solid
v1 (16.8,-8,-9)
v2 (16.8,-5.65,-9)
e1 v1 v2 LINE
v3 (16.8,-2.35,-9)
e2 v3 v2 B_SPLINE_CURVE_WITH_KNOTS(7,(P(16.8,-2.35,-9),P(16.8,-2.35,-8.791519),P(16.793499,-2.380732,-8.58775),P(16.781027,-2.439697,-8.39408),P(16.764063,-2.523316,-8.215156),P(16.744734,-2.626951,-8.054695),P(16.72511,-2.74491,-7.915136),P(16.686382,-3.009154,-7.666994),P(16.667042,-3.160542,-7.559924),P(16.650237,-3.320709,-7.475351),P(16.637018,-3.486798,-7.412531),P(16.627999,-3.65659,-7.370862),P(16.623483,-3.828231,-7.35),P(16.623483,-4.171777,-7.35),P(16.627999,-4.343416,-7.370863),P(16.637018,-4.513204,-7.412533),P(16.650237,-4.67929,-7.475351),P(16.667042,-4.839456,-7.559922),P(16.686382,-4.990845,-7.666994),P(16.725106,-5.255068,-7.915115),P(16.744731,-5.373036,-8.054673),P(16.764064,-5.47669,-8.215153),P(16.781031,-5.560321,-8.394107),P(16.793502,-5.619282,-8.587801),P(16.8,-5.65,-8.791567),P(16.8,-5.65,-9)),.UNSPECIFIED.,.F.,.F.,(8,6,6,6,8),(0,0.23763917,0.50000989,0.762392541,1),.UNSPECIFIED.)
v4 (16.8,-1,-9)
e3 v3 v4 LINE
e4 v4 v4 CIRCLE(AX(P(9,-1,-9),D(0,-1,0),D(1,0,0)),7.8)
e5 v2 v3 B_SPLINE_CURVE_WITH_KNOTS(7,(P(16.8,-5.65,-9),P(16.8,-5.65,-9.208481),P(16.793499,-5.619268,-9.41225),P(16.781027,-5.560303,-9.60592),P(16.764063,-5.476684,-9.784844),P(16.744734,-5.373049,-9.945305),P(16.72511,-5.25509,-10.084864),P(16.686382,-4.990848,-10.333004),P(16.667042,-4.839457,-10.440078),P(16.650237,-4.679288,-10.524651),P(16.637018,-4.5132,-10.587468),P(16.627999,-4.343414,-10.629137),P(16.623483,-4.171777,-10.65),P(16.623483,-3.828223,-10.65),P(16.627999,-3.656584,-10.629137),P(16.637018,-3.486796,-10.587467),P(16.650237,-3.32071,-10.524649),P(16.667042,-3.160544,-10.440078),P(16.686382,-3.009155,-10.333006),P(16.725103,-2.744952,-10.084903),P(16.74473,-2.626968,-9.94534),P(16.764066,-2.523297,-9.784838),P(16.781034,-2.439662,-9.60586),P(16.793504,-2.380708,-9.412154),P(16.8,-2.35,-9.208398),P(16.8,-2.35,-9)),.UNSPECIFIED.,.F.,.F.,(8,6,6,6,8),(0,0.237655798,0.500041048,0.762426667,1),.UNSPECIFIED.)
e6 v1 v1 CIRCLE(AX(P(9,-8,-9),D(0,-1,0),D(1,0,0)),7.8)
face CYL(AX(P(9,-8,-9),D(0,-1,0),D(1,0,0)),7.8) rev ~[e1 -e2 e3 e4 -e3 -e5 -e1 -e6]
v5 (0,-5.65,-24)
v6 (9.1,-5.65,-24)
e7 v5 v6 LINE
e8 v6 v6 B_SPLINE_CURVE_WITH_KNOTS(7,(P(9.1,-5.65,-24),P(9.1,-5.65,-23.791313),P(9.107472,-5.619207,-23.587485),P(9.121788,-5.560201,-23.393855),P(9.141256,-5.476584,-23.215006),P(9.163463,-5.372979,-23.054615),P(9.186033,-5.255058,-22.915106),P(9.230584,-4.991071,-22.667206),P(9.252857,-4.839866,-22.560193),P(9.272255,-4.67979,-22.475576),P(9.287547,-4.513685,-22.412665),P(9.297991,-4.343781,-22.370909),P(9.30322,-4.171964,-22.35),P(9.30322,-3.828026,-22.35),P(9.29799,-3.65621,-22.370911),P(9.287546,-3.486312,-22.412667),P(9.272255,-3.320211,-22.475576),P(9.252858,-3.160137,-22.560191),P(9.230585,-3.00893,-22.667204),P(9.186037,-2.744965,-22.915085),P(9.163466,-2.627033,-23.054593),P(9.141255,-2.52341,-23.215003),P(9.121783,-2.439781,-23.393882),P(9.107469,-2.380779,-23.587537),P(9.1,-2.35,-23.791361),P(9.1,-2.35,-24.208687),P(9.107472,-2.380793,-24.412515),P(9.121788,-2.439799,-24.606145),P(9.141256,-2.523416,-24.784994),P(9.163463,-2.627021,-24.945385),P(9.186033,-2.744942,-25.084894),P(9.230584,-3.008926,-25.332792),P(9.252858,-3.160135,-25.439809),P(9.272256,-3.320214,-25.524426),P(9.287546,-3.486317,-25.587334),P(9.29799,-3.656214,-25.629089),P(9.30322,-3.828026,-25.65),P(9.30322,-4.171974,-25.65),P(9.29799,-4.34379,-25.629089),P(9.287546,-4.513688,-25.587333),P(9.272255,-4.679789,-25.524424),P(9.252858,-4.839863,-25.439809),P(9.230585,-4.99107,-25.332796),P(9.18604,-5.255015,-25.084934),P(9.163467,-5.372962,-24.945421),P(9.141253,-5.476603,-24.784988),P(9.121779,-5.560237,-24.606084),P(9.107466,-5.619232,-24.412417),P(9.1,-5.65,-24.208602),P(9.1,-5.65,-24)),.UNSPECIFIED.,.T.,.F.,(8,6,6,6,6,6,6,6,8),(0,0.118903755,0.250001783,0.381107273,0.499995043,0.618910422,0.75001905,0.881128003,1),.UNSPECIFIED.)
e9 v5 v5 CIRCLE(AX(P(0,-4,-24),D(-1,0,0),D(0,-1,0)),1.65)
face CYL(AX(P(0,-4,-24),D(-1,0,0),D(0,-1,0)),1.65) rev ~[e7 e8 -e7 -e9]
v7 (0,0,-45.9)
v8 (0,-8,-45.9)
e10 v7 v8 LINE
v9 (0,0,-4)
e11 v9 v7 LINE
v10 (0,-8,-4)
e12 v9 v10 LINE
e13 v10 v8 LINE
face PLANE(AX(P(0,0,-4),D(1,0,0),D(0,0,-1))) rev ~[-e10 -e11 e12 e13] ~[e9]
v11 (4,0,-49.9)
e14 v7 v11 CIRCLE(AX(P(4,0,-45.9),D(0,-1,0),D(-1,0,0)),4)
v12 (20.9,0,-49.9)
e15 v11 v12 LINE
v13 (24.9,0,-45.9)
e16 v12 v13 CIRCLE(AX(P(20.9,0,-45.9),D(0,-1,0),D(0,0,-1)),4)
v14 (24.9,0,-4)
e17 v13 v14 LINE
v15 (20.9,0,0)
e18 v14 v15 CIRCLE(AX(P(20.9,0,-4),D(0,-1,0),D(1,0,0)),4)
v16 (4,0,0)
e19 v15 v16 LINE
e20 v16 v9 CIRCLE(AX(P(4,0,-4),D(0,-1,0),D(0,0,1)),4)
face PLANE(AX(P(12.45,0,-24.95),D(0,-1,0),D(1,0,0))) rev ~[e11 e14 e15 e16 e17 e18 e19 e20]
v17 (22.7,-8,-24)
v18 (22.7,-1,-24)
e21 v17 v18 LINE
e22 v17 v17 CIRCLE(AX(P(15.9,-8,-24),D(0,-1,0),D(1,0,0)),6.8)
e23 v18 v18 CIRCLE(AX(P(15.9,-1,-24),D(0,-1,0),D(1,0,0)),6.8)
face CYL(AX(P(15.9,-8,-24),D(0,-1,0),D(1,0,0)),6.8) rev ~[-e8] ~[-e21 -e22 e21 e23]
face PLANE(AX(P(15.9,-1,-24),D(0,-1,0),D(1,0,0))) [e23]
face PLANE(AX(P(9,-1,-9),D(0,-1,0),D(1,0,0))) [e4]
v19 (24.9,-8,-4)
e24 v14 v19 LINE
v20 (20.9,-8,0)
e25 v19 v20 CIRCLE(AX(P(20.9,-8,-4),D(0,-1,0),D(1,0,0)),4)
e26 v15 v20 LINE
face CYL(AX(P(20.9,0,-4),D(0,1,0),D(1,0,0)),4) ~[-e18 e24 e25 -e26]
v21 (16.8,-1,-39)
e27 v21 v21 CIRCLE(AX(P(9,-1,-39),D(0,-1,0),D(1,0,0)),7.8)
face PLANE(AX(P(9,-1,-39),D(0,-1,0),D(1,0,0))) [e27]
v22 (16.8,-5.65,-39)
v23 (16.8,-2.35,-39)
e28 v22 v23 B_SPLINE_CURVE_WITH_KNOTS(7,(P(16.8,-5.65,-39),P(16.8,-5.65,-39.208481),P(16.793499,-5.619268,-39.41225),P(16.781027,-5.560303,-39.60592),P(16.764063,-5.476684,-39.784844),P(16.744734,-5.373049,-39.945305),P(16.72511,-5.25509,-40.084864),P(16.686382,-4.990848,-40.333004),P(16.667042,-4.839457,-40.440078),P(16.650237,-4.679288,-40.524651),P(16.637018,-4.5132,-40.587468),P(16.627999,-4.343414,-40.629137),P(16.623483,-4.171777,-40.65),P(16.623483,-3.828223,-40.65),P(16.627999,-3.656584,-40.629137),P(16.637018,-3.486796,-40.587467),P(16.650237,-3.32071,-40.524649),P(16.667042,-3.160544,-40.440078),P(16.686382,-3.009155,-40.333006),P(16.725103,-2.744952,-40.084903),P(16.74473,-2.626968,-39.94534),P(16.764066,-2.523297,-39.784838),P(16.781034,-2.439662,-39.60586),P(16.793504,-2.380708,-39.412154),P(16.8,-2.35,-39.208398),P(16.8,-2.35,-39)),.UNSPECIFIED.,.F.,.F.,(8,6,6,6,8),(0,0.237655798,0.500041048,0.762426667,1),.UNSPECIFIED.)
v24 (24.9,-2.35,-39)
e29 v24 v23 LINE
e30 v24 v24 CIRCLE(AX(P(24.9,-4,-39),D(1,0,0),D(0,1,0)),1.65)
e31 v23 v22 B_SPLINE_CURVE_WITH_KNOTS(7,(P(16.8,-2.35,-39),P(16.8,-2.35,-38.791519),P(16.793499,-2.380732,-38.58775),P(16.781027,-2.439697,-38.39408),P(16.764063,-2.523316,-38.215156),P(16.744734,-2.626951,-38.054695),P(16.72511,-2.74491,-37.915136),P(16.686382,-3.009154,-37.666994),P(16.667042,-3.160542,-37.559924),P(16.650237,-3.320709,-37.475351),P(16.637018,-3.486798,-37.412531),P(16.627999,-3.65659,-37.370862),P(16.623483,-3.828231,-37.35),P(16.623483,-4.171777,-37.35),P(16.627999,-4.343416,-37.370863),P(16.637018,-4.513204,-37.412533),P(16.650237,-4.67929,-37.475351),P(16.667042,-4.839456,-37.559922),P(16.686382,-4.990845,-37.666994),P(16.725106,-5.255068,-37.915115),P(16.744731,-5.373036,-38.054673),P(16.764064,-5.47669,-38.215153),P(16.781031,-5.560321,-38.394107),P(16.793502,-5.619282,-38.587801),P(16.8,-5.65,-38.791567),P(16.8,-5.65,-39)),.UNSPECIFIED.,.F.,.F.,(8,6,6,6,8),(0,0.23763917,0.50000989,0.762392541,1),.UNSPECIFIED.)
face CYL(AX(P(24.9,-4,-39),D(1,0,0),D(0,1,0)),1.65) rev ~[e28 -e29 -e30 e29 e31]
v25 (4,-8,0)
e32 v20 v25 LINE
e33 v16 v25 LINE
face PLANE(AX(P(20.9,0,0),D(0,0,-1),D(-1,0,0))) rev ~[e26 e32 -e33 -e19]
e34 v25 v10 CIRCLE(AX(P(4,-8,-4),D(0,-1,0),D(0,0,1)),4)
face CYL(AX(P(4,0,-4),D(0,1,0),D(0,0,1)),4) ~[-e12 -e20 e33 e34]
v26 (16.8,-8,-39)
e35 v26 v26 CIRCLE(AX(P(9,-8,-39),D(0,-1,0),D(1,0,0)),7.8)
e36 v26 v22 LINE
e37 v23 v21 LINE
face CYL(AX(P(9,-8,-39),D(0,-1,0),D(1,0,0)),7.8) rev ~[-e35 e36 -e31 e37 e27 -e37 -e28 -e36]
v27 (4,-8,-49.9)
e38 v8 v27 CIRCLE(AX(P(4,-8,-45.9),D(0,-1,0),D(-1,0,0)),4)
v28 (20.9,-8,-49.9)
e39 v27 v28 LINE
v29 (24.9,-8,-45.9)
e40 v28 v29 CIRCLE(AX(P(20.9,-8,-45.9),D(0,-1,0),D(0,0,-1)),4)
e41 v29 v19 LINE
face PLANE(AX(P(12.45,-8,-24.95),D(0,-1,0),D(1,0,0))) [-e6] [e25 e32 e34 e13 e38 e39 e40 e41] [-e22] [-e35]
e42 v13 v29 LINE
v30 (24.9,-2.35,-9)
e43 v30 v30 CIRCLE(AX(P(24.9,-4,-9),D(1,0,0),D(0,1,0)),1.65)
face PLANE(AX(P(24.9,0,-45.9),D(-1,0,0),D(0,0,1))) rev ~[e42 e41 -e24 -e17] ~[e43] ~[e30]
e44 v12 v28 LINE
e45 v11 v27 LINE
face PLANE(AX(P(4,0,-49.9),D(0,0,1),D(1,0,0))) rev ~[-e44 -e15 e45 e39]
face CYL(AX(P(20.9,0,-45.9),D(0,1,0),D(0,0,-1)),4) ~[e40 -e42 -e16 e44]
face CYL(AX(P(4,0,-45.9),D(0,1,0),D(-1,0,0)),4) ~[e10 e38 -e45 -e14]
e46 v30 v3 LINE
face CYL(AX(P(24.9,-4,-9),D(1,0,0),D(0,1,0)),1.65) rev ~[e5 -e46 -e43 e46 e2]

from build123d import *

# Parameters (mm, degrees)
F1_DEPTH = 8
F2_R     = 7.8
F2_R_2   = 6.8
F3_DEPTH = 7
F4_R     = 1.65
F5_DEPTH = 8.2775166443
F6_R     = 1.65
F7_DEPTH = 9.3042205827


with BuildPart() as f1:
    # F0 (on Front) → F1 (new body)
    with BuildSketch(Plane.XZ):
        with BuildLine():
            Line((20.9, 0), (4, 0))
            ThreePointArc((4, 0), (1.1715728753, -1.1715728753), (0, -4))
            Line((0, -4), (0, -45.9))
            ThreePointArc((0, -45.9), (1.1715728753, -48.7284271247), (4, -49.9))
            Line((4, -49.9), (20.9, -49.9))
            ThreePointArc((20.9, -49.9), (23.7284271247, -48.7284271247), (24.9, -45.9))
            Line((24.9, -45.9), (24.9, -4))
            ThreePointArc((24.9, -4), (23.7284271247, -1.1715728753), (20.9, 0))
        make_face()
    extrude(amount=F1_DEPTH)

    # F2 (on face) → F3 (cut)
    with BuildSketch(Plane.XZ.offset(8)):
        with Locations((9, -9)):
            Circle(F2_R)
        with Locations((15.9, -24)):
            Circle(F2_R_2)
        with Locations((9, -39)):
            Circle(F2_R)
    extrude(amount=-F3_DEPTH, mode=Mode.SUBTRACT)

    # F4 (on face) → F5 (cut, through all)
    with BuildSketch(Plane.YZ.offset(24.9)):
        with Locations((-4, -39)):
            Circle(F4_R)
        with Locations((-4, -9)):
            Circle(F4_R)
    extrude(amount=-F5_DEPTH, mode=Mode.SUBTRACT)

    # F6 (on face) → F7 (cut, through all)
    with BuildSketch(Plane(origin=(0, 0, 0), x_dir=(0, -1, 0), z_dir=(-1, 0, 0))):
        with Locations((4, -24)):
            Circle(F6_R)
    extrude(amount=-F7_DEPTH, mode=Mode.SUBTRACT)


solid = f1.part
